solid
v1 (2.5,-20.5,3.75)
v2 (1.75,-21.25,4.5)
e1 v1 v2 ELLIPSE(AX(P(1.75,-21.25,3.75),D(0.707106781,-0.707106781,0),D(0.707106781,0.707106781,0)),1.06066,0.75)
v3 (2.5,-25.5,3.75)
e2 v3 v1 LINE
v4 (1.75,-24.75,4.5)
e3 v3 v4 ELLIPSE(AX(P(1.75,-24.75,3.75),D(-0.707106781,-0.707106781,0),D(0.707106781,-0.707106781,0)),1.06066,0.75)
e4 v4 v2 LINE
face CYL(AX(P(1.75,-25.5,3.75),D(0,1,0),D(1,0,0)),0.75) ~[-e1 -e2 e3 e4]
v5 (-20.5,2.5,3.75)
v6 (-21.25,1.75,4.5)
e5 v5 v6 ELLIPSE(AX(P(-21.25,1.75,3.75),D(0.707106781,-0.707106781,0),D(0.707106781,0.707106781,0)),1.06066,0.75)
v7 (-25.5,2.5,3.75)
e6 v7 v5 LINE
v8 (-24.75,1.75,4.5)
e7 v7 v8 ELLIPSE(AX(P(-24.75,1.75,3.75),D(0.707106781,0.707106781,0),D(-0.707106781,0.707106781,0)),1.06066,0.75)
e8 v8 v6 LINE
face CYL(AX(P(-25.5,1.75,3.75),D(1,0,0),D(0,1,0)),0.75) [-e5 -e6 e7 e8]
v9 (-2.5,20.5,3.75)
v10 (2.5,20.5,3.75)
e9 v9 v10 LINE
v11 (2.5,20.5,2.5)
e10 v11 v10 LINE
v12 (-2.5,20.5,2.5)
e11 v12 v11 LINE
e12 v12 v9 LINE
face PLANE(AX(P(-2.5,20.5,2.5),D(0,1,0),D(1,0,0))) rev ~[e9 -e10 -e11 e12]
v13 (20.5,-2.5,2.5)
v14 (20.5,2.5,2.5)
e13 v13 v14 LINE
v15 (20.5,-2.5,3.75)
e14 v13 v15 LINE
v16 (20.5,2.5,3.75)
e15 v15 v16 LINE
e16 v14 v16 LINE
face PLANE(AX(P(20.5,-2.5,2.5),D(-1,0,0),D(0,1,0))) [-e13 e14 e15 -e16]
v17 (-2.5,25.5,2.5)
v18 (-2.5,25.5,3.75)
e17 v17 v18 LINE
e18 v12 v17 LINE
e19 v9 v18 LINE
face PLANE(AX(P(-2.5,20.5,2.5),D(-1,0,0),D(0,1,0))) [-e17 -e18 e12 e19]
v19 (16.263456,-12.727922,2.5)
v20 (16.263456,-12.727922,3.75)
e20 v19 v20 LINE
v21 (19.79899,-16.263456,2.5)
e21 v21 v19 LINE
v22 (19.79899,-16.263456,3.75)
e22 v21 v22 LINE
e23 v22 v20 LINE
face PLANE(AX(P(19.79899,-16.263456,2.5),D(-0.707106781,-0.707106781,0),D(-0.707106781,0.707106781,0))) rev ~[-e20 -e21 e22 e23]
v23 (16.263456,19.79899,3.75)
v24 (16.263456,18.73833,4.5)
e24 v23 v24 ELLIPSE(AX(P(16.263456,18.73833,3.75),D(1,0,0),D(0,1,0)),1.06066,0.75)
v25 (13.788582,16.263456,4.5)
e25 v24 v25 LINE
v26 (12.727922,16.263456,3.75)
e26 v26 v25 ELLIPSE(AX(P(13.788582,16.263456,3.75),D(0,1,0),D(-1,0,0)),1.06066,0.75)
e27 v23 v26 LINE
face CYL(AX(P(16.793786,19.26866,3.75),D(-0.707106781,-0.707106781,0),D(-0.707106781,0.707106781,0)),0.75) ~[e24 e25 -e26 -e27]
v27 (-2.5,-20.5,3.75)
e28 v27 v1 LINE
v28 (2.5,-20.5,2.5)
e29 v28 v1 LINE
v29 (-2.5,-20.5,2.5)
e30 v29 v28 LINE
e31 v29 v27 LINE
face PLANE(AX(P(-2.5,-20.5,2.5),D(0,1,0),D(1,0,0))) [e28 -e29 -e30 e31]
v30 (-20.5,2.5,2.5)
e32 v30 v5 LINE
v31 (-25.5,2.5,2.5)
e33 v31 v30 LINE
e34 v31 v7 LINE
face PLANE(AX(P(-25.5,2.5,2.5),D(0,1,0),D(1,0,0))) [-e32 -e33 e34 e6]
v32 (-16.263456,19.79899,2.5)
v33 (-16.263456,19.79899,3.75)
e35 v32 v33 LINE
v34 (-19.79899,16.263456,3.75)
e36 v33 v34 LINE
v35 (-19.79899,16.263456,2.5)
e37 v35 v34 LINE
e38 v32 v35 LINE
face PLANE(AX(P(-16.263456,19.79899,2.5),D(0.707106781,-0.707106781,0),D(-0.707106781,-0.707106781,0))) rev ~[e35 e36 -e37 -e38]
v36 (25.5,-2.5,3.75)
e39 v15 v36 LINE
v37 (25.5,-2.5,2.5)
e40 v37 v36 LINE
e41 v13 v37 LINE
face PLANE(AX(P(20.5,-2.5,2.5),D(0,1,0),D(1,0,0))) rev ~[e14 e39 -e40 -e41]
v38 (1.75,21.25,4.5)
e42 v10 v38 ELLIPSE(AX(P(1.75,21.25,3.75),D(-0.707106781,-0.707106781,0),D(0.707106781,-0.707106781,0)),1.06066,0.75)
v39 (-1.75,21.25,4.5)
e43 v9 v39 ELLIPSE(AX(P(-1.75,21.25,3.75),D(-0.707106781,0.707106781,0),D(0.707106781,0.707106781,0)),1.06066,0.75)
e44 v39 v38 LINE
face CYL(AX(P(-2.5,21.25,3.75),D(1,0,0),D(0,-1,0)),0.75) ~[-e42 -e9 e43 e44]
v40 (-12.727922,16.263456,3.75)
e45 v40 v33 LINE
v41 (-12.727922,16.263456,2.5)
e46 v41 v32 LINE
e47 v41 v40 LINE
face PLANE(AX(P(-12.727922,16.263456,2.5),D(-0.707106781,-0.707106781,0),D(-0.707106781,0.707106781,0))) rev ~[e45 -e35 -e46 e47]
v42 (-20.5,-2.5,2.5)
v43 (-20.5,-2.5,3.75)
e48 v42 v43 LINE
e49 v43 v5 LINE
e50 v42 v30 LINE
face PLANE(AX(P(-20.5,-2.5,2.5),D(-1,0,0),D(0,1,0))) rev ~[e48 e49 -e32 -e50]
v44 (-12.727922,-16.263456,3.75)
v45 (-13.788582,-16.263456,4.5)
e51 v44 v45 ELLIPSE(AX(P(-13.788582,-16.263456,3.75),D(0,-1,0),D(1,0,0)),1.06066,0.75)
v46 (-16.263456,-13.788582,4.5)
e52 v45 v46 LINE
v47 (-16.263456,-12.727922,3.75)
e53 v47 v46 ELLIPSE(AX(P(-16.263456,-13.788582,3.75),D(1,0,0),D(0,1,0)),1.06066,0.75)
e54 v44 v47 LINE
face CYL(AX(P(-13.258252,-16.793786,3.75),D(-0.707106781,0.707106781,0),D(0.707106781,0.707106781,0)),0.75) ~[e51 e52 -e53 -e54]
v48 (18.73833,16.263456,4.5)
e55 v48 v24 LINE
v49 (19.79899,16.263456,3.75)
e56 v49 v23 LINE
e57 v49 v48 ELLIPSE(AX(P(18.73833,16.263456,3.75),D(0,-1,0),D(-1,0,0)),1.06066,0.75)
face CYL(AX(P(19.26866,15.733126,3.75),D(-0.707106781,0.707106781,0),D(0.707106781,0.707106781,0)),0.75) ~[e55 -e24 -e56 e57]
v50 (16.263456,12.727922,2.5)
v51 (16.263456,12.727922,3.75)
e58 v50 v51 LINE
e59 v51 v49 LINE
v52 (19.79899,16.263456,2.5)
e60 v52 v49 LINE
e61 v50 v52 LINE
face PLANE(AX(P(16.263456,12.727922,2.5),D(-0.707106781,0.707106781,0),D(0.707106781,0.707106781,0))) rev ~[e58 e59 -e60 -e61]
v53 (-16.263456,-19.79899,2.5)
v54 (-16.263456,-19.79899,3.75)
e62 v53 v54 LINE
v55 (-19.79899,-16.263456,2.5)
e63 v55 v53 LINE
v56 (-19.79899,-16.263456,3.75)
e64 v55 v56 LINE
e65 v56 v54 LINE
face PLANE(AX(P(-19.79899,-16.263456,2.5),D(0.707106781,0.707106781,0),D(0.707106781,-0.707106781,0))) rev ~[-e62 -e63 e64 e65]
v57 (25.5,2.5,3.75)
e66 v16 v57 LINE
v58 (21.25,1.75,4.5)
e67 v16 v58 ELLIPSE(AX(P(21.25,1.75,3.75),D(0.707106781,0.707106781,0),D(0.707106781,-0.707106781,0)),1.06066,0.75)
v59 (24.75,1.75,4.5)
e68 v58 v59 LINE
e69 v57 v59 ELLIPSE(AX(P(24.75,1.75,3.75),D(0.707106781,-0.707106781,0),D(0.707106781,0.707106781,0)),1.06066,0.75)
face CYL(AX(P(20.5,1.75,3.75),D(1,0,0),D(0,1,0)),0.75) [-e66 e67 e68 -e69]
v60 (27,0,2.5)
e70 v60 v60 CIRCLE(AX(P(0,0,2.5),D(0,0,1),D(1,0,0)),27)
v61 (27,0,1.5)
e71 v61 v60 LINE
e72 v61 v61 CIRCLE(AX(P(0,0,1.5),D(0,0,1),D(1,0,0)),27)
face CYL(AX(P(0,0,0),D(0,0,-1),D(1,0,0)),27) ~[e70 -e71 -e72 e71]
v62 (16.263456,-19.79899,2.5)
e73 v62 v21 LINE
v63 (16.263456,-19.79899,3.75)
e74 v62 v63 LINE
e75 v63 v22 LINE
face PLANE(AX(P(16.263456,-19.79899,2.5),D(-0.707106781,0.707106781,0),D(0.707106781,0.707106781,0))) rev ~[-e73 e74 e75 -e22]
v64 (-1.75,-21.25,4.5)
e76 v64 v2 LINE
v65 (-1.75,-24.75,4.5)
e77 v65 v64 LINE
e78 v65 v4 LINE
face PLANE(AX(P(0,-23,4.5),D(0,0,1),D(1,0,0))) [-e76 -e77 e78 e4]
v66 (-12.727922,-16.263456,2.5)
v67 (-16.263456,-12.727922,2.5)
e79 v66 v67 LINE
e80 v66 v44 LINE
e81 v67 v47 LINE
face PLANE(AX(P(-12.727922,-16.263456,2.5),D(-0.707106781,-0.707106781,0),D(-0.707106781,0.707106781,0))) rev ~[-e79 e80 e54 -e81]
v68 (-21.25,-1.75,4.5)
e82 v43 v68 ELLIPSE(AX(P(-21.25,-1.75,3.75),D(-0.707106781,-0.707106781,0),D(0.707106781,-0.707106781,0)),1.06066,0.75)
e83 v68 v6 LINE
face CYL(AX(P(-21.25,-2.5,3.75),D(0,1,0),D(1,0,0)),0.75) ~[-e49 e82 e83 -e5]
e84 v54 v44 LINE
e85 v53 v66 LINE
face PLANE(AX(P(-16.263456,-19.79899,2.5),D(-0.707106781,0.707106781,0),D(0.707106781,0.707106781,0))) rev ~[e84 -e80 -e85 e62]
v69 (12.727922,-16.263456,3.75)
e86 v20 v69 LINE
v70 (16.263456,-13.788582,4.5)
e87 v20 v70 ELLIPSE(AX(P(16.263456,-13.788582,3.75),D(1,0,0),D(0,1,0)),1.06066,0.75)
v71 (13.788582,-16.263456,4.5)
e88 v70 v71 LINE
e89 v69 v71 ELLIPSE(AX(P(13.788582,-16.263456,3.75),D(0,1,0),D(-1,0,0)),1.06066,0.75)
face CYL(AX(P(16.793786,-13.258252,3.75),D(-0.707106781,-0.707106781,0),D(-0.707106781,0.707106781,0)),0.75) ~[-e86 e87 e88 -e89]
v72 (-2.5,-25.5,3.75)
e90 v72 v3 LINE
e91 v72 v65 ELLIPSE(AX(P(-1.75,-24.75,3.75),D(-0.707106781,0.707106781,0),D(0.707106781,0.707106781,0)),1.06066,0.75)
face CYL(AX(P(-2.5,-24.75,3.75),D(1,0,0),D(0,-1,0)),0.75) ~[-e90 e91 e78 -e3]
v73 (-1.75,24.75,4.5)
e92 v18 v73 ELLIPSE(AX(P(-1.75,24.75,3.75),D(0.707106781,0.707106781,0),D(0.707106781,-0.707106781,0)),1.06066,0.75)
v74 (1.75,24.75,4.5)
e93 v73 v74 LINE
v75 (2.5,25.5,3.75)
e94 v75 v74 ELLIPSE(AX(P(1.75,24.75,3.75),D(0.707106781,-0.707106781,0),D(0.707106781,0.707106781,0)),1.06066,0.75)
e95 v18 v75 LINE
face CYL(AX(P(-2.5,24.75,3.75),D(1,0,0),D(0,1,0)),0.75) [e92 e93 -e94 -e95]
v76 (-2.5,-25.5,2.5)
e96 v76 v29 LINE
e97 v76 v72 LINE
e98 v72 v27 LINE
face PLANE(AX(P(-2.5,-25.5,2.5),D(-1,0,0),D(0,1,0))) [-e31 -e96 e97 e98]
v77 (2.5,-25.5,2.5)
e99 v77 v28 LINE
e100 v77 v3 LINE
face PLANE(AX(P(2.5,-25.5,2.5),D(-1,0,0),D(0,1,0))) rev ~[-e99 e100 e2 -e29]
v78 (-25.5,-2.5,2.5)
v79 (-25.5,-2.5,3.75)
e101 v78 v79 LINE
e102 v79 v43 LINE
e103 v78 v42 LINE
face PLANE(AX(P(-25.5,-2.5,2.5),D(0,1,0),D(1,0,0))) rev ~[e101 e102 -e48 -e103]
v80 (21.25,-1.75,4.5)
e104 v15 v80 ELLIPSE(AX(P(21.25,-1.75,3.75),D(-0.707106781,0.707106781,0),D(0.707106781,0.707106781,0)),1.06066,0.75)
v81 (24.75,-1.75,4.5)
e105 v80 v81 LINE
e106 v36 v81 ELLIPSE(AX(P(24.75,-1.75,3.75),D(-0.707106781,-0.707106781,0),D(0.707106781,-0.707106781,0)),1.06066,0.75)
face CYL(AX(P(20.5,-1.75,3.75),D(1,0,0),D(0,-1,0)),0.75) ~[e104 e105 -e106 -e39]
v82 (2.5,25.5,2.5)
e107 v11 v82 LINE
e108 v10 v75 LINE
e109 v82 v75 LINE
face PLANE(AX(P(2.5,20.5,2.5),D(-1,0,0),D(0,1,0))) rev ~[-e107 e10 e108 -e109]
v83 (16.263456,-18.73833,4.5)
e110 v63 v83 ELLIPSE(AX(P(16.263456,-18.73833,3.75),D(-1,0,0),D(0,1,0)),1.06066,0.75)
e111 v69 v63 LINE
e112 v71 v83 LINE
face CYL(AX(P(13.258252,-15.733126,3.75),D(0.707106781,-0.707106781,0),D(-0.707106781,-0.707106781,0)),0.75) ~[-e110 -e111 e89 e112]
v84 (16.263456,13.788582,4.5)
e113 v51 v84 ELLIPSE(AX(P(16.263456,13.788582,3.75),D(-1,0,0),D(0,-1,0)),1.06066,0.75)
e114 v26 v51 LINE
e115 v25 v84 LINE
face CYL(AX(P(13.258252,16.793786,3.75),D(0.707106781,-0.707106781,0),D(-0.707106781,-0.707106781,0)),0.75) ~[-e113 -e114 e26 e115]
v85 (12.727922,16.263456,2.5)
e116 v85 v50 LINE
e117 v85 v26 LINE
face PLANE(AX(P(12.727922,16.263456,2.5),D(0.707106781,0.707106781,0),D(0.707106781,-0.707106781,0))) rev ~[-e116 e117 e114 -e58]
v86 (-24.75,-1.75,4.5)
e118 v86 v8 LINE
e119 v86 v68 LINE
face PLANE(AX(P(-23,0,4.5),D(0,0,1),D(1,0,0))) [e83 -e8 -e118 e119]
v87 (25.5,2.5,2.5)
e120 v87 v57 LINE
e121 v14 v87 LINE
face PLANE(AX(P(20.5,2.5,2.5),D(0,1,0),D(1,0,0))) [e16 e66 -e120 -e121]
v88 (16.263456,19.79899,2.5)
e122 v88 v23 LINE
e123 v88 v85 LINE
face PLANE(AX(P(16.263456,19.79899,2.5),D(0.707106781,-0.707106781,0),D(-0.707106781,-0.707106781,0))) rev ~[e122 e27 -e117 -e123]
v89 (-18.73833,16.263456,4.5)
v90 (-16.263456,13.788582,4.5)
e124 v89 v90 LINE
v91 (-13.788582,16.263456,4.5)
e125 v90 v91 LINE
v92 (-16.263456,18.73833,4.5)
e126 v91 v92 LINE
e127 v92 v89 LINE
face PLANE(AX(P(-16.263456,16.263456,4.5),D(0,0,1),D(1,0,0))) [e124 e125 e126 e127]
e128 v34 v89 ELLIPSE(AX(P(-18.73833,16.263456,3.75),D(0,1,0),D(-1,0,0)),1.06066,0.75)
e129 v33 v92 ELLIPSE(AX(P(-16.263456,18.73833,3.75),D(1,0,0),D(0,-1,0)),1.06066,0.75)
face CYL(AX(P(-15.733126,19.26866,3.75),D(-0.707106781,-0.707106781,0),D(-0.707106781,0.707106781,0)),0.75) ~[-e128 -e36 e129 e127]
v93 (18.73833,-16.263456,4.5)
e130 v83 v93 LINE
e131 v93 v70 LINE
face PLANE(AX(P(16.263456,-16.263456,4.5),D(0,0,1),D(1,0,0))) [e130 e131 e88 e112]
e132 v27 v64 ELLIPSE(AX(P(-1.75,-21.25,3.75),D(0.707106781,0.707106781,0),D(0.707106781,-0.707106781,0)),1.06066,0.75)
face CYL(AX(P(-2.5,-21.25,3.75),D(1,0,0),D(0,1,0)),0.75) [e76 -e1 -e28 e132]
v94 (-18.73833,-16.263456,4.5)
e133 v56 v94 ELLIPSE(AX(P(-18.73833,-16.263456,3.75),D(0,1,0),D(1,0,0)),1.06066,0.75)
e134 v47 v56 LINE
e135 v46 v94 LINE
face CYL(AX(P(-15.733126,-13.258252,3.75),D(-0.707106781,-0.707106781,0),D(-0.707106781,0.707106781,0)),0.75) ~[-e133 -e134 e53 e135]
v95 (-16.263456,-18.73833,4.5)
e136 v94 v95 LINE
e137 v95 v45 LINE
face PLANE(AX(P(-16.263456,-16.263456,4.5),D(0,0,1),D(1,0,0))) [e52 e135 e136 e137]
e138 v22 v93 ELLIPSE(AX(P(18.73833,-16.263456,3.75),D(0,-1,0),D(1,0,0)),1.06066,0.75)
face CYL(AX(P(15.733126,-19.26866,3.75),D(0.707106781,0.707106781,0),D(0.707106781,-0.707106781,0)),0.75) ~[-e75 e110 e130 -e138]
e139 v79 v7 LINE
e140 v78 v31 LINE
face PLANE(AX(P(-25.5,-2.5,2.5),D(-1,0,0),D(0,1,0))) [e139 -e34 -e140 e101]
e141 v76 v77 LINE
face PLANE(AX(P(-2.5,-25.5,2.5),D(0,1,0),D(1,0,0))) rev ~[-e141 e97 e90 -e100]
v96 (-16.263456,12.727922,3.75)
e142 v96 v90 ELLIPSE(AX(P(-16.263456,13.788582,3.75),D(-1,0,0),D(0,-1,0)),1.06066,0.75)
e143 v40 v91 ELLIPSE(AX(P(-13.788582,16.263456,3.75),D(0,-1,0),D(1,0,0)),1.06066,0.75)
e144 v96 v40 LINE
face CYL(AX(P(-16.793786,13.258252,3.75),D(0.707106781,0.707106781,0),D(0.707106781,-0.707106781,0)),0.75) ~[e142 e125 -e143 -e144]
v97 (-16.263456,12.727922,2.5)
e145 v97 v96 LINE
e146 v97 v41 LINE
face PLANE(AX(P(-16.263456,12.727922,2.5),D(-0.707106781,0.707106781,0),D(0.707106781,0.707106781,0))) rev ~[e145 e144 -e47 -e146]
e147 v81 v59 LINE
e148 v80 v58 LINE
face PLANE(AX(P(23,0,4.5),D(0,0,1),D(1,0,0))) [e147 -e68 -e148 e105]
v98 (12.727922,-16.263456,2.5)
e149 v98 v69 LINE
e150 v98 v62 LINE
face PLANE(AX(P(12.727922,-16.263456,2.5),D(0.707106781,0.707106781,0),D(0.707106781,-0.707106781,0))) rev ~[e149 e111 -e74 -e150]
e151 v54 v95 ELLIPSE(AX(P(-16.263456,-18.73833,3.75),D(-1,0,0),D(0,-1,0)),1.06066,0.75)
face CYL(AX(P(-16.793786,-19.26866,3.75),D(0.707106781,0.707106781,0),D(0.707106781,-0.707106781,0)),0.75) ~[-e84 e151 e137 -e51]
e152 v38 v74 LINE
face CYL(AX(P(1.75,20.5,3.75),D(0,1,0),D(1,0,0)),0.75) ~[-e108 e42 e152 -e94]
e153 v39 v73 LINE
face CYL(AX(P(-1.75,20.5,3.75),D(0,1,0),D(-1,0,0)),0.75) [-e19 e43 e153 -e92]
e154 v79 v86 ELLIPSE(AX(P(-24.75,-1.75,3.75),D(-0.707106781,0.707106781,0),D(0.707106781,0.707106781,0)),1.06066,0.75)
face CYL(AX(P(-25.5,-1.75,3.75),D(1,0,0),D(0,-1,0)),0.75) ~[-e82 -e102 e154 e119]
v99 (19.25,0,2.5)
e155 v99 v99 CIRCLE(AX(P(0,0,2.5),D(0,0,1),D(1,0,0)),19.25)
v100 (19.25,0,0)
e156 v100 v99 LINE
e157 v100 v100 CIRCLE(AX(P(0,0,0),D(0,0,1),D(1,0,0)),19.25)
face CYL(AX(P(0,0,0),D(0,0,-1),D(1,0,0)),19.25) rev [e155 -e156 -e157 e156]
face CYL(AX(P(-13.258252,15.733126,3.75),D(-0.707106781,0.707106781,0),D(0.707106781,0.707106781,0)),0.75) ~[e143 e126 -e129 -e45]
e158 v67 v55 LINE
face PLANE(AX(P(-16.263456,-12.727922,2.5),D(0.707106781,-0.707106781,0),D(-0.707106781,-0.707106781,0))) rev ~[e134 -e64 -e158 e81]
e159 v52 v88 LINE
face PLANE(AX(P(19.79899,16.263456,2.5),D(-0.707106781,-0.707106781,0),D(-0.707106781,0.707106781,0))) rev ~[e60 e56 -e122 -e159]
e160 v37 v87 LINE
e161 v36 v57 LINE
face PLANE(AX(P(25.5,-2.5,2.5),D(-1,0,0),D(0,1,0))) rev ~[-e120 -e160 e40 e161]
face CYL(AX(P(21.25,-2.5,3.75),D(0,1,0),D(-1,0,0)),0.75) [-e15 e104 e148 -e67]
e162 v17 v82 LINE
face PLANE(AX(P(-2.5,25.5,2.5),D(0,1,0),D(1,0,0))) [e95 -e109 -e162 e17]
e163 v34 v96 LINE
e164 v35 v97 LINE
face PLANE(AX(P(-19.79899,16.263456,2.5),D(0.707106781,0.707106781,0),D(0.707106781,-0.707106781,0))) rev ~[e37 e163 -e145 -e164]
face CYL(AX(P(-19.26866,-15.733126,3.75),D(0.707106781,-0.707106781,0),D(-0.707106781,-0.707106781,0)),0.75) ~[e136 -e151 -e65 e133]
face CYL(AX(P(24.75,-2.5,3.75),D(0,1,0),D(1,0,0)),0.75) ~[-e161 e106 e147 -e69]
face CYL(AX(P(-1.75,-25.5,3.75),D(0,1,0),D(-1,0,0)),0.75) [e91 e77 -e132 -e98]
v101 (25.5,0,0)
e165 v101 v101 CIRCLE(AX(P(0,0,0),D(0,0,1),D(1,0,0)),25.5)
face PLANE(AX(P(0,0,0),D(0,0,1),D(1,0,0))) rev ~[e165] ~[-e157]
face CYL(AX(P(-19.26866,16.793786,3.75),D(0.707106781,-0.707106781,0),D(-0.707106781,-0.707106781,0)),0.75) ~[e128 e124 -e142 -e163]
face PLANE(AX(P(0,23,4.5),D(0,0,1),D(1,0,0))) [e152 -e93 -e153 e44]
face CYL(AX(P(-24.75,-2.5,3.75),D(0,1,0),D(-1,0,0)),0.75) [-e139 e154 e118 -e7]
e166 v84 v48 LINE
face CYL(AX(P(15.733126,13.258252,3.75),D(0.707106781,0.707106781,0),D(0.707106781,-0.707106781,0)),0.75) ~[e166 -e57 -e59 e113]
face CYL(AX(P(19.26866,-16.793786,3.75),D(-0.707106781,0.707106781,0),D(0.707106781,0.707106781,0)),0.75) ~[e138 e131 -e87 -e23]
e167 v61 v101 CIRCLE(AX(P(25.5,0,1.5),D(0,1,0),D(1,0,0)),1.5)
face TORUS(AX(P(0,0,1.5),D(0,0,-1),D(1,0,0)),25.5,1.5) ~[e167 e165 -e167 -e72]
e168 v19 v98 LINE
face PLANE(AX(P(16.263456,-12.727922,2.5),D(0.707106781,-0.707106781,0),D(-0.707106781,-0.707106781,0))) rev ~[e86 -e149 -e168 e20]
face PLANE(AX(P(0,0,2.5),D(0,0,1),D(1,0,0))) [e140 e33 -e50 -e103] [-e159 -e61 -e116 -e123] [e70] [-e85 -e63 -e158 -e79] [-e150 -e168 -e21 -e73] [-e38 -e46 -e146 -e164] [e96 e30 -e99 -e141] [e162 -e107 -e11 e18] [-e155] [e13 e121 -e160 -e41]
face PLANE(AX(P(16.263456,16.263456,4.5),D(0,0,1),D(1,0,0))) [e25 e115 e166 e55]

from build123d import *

# Parameters (mm, degrees)
F0_R     = 27
F0_R_2   = 19.25
F1_DEPTH = 2.5
F2_W     = 5
F2_H     = 5
F3_DEPTH = 2
F4_R     = 0.75
F5_R     = 1.5


with BuildPart() as f1:
    # F0 (on Top) → F1 (new body)
    with BuildSketch(Plane.XY):
        Circle(F0_R)
        Circle(F0_R_2, mode=Mode.SUBTRACT)
    extrude(amount=F1_DEPTH)

    # F2 (on face) → F3 (join)
    with BuildSketch(Plane.XY.offset(2.5)):
        with Locations((23, 0)):
            Rectangle(F2_W, F2_H)
        Polygon((19.79899, 16.263456), (16.263456, 19.79899), (12.727922, 16.263456), (16.263456, 12.727922), align=None)
        with Locations((0, 23)):
            Rectangle(F2_W, F2_H)
        Polygon((-16.263456, 19.79899), (-19.79899, 16.263456), (-16.263456, 12.727922), (-12.727922, 16.263456), align=None)
        with Locations((-23, 0)):
            Rectangle(F2_W, F2_H)
        Polygon((-19.79899, -16.263456), (-16.263456, -19.79899), (-12.727922, -16.263456), (-16.263456, -12.727922), align=None)
        with Locations((0, -23)):
            Rectangle(F2_W, F2_H)
        Polygon((16.263456, -19.79899), (19.79899, -16.263456), (16.263456, -12.727922), (12.727922, -16.263456), align=None)
    extrude(amount=F3_DEPTH)

    # F4
    f4_edges = [f1.edges().sort_by_distance(p)[0] for p in [
        (-25.5, 0, 4.5),
        (-23, -2.5, 4.5),
        (-20.5, 0, 4.5),
        (-23, 2.5, 4.5),
        (-18.031223, 18.031223, 4.5),
        (-18.031223, 14.495689, 4.5),
        (-14.495689, 14.495689, 4.5),
        (-14.495689, 18.031223, 4.5),
        (0, 25.5, 4.5),
        (-2.5, 23, 4.5),
        (0, 20.5, 4.5),
        (2.5, 23, 4.5),
        (18.031223, 18.031223, 4.5),
        (14.495689, 18.031223, 4.5),
        (14.495689, 14.495689, 4.5),
        (18.031223, 14.495689, 4.5),
        (23, -2.5, 4.5),
        (25.5, 0, 4.5),
        (23, 2.5, 4.5),
        (20.5, 0, 4.5),
        (18.031223, -18.031223, 4.5),
        (18.031223, -14.495689, 4.5),
        (14.495689, -14.495689, 4.5),
        (14.495689, -18.031223, 4.5),
        (0, -25.5, 4.5),
        (2.5, -23, 4.5),
        (0, -20.5, 4.5),
        (-2.5, -23, 4.5),
        (-18.031223, -18.031223, 4.5),
        (-14.495689, -18.031223, 4.5),
        (-14.495689, -14.495689, 4.5),
        (-18.031223, -14.495689, 4.5),
    ]]
    fillet(f4_edges, radius=F4_R)

    # F5
    f5_edges = [f1.edges().sort_by_distance(p)[0] for p in [
        (-27, 0, 0),
    ]]
    fillet(f5_edges, radius=F5_R)


solid = f1.part
